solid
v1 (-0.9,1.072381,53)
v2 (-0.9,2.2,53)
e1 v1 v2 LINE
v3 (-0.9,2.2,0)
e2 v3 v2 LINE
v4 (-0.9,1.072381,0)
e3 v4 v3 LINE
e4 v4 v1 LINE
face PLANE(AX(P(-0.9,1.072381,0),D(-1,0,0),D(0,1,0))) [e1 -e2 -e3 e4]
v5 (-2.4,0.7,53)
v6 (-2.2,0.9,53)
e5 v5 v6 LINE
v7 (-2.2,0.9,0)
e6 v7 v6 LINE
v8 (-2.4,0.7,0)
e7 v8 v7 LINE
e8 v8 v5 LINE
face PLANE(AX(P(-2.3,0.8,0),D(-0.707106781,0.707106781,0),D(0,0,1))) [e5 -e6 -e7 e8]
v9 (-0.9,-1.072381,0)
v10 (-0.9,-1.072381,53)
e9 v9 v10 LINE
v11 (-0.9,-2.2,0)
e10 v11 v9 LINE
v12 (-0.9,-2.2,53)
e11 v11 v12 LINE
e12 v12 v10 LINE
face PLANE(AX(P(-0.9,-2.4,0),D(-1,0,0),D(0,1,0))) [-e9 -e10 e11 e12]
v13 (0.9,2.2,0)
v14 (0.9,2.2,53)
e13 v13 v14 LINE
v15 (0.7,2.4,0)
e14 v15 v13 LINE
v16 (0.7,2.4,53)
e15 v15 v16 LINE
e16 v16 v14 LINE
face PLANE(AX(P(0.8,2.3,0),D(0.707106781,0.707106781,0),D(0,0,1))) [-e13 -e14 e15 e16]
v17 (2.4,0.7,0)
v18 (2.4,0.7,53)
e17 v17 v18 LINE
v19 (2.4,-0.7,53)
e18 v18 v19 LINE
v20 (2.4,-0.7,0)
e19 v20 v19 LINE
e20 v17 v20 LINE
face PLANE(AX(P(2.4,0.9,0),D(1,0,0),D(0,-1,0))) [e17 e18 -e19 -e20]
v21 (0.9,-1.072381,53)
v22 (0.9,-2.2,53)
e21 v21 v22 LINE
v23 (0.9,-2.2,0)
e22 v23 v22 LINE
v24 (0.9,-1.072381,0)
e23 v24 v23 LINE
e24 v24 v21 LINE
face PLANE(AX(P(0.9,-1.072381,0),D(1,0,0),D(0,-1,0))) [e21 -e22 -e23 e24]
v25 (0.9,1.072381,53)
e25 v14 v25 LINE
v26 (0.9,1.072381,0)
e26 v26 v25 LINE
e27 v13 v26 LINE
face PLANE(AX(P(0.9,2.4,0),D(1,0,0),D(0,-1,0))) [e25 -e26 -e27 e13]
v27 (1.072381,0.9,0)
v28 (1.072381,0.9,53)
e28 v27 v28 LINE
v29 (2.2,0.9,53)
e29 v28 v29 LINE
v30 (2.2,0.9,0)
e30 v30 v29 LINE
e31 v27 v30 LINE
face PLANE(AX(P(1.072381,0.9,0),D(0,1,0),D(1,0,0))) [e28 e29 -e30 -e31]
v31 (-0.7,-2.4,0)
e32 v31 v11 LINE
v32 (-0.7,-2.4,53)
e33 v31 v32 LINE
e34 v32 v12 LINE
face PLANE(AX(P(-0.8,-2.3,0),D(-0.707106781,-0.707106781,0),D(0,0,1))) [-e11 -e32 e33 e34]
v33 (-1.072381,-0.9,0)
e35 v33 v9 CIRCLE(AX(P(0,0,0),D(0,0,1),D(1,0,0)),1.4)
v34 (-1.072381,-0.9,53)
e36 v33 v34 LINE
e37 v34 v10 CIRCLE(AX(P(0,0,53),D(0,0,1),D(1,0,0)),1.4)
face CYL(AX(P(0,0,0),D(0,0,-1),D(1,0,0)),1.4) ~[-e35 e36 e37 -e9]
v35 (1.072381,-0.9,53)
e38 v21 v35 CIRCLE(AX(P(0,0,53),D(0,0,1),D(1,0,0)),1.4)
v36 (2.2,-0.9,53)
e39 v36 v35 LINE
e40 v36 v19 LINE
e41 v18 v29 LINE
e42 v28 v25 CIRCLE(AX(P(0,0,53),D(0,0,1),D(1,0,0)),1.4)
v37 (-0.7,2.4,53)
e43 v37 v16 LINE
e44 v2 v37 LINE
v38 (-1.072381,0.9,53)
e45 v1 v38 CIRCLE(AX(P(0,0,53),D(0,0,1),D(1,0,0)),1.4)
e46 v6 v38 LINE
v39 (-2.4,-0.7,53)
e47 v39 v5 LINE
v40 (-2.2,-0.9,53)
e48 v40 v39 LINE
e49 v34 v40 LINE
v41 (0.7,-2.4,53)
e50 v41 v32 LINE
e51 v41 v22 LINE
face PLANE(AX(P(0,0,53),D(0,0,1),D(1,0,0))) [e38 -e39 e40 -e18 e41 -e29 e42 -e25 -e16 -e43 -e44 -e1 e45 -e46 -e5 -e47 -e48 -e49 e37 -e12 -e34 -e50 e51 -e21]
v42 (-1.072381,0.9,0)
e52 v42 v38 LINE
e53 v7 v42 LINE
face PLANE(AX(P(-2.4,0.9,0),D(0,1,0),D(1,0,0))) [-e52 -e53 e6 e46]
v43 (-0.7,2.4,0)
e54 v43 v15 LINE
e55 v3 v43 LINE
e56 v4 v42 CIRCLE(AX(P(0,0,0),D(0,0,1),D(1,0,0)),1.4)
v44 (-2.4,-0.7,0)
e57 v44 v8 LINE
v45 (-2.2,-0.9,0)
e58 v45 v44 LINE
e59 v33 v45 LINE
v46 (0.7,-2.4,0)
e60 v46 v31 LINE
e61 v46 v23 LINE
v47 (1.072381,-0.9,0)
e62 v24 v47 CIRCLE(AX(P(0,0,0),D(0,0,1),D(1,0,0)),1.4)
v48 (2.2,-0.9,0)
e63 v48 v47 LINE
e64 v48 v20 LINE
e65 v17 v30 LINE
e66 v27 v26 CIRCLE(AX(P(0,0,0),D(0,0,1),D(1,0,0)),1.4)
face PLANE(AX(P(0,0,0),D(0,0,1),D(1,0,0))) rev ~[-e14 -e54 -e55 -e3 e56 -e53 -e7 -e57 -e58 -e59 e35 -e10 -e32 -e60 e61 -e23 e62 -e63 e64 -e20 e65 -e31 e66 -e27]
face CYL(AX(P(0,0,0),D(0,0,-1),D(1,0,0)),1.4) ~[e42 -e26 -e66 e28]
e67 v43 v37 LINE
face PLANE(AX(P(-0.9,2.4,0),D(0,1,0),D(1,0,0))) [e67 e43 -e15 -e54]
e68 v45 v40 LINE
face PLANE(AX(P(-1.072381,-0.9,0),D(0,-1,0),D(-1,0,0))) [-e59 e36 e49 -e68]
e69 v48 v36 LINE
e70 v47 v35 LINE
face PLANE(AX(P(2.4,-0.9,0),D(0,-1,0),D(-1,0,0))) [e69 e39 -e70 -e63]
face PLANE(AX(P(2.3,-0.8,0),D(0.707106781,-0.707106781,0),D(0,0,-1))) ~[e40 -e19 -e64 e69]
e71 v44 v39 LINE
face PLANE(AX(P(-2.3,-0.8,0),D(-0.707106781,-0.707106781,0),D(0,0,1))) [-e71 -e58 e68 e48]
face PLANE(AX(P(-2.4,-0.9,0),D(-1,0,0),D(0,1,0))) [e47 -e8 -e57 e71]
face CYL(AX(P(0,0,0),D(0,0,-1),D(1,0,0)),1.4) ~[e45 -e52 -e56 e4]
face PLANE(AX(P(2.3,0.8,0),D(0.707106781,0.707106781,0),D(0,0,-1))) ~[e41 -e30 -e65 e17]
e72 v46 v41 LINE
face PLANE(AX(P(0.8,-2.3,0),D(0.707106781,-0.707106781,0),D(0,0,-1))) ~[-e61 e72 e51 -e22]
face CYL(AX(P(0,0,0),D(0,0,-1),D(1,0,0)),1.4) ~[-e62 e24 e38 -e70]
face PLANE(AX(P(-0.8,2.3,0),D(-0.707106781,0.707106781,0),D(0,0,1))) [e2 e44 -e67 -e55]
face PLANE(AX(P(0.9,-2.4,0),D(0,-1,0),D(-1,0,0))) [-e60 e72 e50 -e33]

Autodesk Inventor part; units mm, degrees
ref_plane "YZ Plane" through (0, 0, 0) normal (1, 0, 0) x (0, 1, 0)
ref_plane "XZ Plane" through (0, 0, 0) normal (0, 1, 0) x (-1, 0, 0)
ref_plane "XY Plane" through (0, 0, 0) normal (0, 0, 1) x (1, 0, 0)
sketch "Boceto1" plane through (0, 0, 0) normal (0, 0, 1) x (1, 0, 0)
  line L0 (0.9, -2.4) -> (-0.9, -2.4)
  line L1 (-0.9, -2.4) -> (-0.9, 2.4)
  line L2 (-0.9, 2.4) -> (0.9, 2.4)
  line L3 (0.9, 2.4) -> (0.9, -2.4)
  line L4 (0.9, -2.4) -> (-0.9, 2.4) construction
  line L5 (-0.9, -2.4) -> (0.9, 2.4) construction
  line L6 (2.4, -0.9) -> (-2.4, -0.9)
  line L7 (-2.4, -0.9) -> (-2.4, 0.9)
  line L8 (-2.4, 0.9) -> (2.4, 0.9)
  line L9 (2.4, 0.9) -> (2.4, -0.9)
  line L10 (2.4, -0.9) -> (-2.4, 0.9) construction
  line L11 (-2.4, -0.9) -> (2.4, 0.9) construction
  circle A0 centre (0, 0) radius 1.4
  point P0 (1.0724, 0.9)
  point P1 (0.9, 1.0724)
  point P2 (-0.9, 1.0724)
  point P3 (-1.0724, 0.9)
  point P4 (-1.0724, -0.9)
  point P5 (-0.9, -1.0724)
  point P6 (0.9, -1.0724)
  point P7 (1.0724, -0.9)
  dimension "d0" = 1.8
  dimension "d1" = 4.8
  dimension "d2" = 2.8
extrude "Extrusión1" add sketch "Boceto1" along normal blind 53
chamfer "Chaflán1" distance 0.2 angle 45 8 edges at (0.9, 2.4, 26.5) (2.4, 0.9, 26.5) (2.4, -0.9, 26.5) (0.9, -2.4, 26.5) (-0.9, 2.4, 26.5) (-2.4, 0.9, 26.5) (-2.4, -0.9, 26.5) (-0.9, -2.4, 26.5)
properties part number "EjeMotor"
